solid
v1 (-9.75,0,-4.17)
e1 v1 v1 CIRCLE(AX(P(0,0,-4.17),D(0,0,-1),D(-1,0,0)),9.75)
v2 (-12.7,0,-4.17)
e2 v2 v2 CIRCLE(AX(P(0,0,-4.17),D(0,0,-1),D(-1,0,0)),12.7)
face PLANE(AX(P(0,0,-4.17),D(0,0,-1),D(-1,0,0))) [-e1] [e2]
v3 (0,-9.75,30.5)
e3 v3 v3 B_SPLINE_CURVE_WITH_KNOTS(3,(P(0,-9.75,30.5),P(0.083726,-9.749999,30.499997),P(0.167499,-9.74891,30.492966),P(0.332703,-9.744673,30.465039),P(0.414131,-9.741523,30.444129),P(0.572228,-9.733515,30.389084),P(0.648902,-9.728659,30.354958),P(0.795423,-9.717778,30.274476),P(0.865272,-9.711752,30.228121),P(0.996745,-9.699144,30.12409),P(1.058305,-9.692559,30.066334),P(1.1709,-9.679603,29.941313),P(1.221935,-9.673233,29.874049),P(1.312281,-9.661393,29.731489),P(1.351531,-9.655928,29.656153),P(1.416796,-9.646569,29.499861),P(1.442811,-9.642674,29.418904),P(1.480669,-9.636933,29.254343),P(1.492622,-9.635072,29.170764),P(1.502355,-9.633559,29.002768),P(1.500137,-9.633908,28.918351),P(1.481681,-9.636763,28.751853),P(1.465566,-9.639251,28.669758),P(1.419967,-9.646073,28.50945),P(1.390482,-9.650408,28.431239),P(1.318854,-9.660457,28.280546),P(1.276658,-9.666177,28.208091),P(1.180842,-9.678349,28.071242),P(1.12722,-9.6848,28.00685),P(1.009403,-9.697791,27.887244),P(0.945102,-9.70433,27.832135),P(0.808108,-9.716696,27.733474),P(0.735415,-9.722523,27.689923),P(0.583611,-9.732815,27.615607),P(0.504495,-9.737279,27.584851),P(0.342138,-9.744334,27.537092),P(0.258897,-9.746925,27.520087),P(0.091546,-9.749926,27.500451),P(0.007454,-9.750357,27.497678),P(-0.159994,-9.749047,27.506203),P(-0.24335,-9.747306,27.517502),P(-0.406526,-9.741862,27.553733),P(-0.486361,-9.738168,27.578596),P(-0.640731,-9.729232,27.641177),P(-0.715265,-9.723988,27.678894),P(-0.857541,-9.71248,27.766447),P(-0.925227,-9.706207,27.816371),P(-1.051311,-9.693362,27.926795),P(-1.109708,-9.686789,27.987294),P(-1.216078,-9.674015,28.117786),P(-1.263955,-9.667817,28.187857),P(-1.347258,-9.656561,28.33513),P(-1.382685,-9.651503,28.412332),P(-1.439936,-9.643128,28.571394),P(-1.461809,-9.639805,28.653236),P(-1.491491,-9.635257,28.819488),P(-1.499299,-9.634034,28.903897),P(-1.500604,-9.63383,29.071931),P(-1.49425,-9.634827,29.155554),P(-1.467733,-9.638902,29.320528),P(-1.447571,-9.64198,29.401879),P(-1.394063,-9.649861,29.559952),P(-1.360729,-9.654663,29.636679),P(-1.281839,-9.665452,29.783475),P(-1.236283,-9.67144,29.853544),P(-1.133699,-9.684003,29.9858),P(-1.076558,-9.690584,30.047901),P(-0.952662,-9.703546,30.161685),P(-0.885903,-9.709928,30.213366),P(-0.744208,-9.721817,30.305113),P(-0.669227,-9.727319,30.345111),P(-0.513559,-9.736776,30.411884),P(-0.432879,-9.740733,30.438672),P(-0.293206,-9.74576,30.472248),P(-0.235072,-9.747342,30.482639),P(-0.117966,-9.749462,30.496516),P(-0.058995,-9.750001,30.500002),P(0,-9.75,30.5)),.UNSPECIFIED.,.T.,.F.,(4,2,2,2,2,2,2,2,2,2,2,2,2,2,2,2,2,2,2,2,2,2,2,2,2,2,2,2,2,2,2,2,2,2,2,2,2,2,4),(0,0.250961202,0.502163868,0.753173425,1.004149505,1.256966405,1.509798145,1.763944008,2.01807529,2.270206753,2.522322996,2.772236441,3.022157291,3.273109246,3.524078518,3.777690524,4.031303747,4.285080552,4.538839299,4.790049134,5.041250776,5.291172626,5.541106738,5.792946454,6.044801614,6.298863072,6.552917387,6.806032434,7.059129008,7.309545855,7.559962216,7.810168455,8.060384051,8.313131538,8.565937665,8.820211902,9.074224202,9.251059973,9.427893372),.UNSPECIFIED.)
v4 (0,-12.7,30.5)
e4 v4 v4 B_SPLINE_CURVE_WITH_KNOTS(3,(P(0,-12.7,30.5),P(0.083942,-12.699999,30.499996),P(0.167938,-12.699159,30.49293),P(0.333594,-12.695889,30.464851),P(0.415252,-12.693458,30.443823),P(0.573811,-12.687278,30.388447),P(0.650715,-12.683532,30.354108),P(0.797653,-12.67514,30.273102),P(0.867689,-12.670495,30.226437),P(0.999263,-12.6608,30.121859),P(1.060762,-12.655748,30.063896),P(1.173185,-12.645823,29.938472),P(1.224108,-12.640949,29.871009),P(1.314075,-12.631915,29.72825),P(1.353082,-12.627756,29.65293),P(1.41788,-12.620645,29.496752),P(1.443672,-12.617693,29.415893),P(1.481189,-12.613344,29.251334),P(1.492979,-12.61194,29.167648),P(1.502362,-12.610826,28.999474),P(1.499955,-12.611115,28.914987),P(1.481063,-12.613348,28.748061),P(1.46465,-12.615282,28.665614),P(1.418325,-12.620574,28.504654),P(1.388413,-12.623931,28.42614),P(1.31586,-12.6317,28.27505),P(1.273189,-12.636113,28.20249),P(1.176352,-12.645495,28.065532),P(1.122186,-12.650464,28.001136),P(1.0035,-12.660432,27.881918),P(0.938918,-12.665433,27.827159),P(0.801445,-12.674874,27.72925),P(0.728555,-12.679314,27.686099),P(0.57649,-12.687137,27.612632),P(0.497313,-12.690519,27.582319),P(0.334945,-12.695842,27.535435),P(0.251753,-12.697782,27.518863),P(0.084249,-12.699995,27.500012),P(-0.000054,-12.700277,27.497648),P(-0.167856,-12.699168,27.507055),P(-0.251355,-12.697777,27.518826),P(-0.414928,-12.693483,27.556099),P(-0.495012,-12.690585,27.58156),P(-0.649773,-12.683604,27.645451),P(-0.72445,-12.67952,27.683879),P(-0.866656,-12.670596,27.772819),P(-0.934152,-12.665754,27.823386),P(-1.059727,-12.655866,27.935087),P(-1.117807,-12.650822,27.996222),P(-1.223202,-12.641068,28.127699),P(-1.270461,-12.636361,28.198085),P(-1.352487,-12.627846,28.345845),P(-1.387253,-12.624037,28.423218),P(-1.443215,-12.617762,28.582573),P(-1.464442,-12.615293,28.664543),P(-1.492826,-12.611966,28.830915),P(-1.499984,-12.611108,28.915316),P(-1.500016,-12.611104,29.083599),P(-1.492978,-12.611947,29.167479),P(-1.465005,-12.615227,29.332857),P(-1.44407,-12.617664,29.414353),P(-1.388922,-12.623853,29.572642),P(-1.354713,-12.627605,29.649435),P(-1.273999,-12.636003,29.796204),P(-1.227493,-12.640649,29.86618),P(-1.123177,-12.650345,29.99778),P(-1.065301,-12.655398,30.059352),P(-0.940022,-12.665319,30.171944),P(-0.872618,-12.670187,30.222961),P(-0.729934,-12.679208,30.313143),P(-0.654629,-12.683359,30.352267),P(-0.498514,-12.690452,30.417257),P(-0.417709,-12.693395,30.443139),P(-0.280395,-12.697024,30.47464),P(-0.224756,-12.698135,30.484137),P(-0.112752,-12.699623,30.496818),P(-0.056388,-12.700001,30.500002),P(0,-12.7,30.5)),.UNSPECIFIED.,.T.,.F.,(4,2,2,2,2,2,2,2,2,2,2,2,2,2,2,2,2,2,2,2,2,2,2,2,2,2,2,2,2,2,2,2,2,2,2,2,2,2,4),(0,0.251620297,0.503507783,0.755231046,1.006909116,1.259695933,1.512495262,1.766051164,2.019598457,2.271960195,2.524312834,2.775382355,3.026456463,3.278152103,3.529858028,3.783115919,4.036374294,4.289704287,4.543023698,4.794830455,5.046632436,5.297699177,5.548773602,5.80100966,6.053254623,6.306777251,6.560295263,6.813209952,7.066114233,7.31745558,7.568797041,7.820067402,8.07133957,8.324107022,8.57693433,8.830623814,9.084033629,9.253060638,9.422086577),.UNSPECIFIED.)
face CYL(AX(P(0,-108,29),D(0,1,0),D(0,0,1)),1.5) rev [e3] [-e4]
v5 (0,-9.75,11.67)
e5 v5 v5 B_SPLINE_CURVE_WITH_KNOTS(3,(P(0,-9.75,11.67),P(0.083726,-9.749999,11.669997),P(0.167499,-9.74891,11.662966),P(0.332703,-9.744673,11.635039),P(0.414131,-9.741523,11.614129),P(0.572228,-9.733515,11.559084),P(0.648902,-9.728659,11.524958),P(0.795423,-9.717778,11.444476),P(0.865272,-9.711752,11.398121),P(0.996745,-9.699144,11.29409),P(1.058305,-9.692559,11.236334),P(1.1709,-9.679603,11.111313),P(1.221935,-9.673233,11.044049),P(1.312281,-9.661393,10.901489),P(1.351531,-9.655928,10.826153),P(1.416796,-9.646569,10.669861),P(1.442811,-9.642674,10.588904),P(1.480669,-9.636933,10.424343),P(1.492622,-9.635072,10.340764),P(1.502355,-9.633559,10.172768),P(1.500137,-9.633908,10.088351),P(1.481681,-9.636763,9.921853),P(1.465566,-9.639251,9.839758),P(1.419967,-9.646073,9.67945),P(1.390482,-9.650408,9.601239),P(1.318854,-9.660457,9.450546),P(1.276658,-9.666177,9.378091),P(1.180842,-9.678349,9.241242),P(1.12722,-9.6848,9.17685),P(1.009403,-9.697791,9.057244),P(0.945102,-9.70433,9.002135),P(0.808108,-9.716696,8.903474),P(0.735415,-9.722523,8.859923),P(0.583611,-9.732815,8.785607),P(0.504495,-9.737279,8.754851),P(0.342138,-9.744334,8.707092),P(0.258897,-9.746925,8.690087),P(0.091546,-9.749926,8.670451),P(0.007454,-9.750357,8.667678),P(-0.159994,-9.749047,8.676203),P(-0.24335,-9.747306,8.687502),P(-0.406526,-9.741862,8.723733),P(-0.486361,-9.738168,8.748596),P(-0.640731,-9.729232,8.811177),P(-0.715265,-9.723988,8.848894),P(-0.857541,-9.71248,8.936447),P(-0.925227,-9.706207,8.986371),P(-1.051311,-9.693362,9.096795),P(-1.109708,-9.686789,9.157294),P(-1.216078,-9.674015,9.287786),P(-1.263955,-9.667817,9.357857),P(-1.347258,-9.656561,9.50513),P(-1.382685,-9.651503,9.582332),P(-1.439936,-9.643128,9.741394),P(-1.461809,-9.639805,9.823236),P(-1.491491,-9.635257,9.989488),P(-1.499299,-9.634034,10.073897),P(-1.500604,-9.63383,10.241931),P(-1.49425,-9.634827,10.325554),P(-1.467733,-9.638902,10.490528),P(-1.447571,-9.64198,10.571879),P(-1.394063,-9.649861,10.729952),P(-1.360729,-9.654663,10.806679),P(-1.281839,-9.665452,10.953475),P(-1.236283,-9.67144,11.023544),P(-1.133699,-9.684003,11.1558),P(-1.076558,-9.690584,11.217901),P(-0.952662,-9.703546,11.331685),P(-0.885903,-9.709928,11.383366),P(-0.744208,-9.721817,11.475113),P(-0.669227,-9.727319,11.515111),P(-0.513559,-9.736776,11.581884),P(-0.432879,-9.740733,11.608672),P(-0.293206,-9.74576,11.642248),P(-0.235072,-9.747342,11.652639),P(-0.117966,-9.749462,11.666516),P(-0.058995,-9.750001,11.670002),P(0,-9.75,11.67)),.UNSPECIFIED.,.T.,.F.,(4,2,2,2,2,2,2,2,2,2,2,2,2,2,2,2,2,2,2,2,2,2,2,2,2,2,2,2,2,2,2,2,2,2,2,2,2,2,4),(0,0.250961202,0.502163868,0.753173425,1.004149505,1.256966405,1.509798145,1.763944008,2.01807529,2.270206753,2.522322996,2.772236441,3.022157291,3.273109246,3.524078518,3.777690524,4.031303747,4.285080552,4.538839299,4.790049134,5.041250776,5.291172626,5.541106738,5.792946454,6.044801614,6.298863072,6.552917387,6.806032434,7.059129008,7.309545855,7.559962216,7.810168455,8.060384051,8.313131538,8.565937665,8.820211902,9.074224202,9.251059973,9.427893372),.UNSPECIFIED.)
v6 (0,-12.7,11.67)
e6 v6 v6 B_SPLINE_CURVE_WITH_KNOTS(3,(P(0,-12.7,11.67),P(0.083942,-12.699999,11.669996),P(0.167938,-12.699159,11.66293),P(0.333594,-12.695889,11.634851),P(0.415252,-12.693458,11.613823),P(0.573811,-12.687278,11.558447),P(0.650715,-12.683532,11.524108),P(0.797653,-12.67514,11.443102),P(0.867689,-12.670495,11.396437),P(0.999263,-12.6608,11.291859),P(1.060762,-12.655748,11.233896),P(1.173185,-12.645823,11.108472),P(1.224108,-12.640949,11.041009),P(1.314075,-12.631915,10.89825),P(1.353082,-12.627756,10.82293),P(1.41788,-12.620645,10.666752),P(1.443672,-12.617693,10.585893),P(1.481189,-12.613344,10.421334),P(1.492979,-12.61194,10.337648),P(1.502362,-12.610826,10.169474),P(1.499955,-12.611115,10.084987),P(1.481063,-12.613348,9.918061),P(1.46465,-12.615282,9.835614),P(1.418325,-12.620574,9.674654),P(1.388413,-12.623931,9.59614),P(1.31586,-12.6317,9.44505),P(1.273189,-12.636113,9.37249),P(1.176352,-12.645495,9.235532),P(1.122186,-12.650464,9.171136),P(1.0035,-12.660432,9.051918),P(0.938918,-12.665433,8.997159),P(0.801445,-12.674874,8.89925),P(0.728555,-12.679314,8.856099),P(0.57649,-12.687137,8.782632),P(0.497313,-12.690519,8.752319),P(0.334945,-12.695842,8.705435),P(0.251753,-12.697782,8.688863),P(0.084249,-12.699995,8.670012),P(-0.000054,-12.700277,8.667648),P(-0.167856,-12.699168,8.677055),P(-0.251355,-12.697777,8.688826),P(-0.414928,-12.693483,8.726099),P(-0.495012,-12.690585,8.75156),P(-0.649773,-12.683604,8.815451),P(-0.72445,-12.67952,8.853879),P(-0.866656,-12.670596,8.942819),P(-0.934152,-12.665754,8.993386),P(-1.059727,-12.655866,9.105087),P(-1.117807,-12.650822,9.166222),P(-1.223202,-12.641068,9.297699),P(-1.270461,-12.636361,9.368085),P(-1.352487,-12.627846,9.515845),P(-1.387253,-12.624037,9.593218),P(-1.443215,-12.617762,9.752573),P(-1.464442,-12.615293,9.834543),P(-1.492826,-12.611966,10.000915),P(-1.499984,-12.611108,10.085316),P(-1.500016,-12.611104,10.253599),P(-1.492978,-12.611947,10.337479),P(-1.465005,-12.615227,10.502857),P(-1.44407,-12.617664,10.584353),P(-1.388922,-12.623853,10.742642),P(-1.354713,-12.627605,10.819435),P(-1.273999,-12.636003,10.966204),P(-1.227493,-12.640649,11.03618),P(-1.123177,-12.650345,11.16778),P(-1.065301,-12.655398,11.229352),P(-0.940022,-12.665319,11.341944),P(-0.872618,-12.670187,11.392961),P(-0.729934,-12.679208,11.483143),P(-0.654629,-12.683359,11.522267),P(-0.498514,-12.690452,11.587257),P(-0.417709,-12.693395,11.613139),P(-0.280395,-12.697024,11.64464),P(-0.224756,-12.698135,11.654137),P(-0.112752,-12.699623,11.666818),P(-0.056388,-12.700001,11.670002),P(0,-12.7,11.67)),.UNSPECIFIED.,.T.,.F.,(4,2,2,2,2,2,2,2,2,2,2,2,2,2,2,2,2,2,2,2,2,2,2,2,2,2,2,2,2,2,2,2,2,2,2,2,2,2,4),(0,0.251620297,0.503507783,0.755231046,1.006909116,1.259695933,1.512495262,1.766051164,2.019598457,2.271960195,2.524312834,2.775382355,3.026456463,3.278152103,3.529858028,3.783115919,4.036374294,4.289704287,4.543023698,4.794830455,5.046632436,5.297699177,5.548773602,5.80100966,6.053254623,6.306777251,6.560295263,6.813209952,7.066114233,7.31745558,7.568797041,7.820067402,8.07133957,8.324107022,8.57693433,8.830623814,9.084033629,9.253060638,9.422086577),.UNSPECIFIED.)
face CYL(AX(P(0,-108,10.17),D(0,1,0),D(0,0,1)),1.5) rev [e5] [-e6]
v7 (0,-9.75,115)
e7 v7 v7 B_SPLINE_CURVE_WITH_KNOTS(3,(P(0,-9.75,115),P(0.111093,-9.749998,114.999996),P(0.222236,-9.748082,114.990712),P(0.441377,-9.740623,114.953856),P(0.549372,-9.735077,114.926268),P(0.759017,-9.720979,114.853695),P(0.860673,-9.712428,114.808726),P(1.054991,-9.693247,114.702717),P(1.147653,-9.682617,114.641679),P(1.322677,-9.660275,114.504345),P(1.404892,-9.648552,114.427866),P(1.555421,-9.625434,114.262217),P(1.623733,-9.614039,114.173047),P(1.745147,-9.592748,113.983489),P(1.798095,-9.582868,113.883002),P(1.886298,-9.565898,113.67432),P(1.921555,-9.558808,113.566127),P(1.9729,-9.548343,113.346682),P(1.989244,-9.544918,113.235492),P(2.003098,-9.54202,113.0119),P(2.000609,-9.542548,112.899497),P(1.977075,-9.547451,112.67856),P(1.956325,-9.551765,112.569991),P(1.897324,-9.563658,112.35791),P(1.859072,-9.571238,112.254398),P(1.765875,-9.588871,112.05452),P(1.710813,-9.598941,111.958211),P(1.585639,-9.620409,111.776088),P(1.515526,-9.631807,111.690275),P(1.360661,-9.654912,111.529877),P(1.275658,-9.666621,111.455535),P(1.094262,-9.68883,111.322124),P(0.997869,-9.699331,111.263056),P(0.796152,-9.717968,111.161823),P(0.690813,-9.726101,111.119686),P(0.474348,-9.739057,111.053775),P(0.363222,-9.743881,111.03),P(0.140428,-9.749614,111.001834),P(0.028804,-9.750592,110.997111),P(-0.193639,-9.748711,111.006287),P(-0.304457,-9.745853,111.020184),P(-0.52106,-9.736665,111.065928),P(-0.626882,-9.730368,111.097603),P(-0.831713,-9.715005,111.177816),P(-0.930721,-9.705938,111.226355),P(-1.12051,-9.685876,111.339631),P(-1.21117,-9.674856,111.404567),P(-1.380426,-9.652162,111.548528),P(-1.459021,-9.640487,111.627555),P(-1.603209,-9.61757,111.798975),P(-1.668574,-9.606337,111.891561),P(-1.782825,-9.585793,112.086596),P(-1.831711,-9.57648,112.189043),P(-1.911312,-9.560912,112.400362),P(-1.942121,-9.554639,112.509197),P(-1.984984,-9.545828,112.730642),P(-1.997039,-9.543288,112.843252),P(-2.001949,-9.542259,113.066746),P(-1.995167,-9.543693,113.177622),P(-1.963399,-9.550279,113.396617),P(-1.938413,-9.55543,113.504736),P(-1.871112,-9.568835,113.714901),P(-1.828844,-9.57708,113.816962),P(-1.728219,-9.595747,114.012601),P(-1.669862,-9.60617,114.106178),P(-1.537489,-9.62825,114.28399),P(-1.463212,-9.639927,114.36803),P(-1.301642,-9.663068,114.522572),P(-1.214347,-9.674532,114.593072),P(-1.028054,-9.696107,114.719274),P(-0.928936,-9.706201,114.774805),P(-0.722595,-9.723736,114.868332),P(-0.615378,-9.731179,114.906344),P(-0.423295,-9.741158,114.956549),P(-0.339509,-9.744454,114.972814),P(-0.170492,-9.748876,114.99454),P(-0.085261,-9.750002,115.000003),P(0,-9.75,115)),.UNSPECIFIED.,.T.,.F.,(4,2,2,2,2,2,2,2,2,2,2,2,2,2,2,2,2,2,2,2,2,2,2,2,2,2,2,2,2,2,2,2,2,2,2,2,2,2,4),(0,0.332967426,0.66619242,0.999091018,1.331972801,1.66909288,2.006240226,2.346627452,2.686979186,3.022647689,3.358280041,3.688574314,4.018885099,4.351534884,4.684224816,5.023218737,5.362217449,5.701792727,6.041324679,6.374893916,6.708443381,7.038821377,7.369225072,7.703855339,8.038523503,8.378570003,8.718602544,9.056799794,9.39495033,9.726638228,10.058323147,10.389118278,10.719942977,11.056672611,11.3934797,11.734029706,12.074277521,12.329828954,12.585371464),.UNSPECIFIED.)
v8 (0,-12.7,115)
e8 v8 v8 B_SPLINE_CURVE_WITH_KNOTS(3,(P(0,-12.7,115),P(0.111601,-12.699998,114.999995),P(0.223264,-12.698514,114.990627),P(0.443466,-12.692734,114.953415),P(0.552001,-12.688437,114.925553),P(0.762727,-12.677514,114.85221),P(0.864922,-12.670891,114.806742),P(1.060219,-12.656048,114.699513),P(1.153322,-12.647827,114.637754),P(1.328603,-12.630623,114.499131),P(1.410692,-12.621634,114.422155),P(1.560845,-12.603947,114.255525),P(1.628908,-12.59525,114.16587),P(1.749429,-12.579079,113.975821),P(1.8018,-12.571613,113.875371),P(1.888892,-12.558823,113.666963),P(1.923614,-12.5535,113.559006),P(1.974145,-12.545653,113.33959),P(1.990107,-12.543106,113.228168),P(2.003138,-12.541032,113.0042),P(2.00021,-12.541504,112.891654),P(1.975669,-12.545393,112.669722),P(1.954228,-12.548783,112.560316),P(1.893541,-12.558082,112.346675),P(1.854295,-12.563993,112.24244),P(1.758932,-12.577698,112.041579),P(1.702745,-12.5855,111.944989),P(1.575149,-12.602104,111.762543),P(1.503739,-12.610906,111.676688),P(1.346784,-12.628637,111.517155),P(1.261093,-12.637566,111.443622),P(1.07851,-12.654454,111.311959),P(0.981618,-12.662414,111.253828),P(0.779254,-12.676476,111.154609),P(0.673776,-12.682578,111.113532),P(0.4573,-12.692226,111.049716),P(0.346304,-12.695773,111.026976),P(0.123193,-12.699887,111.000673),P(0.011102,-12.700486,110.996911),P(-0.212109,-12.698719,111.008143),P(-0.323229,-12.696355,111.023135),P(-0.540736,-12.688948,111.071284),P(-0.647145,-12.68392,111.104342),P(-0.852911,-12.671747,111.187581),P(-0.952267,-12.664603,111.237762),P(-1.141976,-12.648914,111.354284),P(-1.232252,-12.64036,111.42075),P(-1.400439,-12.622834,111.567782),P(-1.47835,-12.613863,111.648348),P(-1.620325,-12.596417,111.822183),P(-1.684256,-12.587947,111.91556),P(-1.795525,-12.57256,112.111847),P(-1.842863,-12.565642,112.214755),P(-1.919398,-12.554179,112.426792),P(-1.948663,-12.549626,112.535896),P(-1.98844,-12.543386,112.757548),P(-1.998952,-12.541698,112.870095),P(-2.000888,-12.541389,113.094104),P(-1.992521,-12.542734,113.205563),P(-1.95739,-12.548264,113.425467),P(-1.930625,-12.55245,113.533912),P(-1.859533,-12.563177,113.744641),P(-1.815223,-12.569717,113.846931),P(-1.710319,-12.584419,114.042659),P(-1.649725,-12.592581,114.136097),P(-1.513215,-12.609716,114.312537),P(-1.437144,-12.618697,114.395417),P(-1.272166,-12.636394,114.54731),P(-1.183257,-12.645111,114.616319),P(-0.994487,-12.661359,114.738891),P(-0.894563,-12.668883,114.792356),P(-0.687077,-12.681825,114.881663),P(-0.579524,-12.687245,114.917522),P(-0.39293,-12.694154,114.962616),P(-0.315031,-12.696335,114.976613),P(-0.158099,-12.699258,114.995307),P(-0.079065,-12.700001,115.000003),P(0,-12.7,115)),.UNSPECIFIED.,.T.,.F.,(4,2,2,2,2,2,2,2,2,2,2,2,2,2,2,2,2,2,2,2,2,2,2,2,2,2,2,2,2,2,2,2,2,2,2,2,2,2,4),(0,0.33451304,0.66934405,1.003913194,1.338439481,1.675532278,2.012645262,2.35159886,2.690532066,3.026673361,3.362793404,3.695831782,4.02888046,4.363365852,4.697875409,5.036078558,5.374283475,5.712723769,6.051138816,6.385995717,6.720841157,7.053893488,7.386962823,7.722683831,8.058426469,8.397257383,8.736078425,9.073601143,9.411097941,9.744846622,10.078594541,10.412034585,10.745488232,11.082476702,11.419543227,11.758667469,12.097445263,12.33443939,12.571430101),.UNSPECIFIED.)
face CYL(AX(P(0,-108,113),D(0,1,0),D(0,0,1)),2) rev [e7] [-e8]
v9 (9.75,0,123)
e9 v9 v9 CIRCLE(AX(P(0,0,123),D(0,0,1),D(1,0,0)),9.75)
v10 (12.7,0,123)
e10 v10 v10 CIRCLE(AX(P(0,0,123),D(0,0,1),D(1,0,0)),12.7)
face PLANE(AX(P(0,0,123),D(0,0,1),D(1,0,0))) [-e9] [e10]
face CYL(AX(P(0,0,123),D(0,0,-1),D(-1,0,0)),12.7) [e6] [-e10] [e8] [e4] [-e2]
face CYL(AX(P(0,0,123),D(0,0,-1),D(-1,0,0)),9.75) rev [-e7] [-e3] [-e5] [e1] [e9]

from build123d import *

# Parameters (mm, degrees)
SKETCH1_R           = 12.7
SKETCH1_R_2         = 9.75
BOSS_EXTRUDE1_DEPTH = 123
SKETCH7_R           = 1.5
SKETCH7_R_2         = 2
CUT_EXTRUDE1_DEPTH  = 108
BOSS_EXTRUDE2_START = 4.17
SKETCH8_R           = 12.7
SKETCH8_R_2         = 9.75
BOSS_EXTRUDE2_DEPTH = 4.17


with BuildPart() as part:
    # Sketch1 → Boss-Extrude1 (new body)
    with BuildSketch(Plane.XY):
        Circle(SKETCH1_R)
        Circle(SKETCH1_R_2, mode=Mode.SUBTRACT)
    extrude(amount=BOSS_EXTRUDE1_DEPTH)

    # Sketch7 → Cut-Extrude1 (cut)
    with BuildSketch(Plane(origin=(0, 0, 0), x_dir=(1, 0, 0), z_dir=(0, 1, 0))):
        with Locations(Location((0, -10.17, 0), (0, 0, 270))):
            Circle(SKETCH7_R)
        with Locations(Location((0, -29, 0), (0, 0, 270))):
            Circle(SKETCH7_R)
        with Locations(Location((0, -113, 0), (0, 0, 270))):
            Circle(SKETCH7_R_2)
    extrude(amount=-CUT_EXTRUDE1_DEPTH, mode=Mode.SUBTRACT)

    # Sketch8 → Boss-Extrude2 (add)
    with BuildSketch(Plane(origin=(0, 0, 0), x_dir=(-1, 0, 0), z_dir=(0, 0, -1)).offset(BOSS_EXTRUDE2_START)):
        Circle(SKETCH8_R)
        Circle(SKETCH8_R_2, mode=Mode.SUBTRACT)
    extrude(amount=-BOSS_EXTRUDE2_DEPTH)


solid = part.part
